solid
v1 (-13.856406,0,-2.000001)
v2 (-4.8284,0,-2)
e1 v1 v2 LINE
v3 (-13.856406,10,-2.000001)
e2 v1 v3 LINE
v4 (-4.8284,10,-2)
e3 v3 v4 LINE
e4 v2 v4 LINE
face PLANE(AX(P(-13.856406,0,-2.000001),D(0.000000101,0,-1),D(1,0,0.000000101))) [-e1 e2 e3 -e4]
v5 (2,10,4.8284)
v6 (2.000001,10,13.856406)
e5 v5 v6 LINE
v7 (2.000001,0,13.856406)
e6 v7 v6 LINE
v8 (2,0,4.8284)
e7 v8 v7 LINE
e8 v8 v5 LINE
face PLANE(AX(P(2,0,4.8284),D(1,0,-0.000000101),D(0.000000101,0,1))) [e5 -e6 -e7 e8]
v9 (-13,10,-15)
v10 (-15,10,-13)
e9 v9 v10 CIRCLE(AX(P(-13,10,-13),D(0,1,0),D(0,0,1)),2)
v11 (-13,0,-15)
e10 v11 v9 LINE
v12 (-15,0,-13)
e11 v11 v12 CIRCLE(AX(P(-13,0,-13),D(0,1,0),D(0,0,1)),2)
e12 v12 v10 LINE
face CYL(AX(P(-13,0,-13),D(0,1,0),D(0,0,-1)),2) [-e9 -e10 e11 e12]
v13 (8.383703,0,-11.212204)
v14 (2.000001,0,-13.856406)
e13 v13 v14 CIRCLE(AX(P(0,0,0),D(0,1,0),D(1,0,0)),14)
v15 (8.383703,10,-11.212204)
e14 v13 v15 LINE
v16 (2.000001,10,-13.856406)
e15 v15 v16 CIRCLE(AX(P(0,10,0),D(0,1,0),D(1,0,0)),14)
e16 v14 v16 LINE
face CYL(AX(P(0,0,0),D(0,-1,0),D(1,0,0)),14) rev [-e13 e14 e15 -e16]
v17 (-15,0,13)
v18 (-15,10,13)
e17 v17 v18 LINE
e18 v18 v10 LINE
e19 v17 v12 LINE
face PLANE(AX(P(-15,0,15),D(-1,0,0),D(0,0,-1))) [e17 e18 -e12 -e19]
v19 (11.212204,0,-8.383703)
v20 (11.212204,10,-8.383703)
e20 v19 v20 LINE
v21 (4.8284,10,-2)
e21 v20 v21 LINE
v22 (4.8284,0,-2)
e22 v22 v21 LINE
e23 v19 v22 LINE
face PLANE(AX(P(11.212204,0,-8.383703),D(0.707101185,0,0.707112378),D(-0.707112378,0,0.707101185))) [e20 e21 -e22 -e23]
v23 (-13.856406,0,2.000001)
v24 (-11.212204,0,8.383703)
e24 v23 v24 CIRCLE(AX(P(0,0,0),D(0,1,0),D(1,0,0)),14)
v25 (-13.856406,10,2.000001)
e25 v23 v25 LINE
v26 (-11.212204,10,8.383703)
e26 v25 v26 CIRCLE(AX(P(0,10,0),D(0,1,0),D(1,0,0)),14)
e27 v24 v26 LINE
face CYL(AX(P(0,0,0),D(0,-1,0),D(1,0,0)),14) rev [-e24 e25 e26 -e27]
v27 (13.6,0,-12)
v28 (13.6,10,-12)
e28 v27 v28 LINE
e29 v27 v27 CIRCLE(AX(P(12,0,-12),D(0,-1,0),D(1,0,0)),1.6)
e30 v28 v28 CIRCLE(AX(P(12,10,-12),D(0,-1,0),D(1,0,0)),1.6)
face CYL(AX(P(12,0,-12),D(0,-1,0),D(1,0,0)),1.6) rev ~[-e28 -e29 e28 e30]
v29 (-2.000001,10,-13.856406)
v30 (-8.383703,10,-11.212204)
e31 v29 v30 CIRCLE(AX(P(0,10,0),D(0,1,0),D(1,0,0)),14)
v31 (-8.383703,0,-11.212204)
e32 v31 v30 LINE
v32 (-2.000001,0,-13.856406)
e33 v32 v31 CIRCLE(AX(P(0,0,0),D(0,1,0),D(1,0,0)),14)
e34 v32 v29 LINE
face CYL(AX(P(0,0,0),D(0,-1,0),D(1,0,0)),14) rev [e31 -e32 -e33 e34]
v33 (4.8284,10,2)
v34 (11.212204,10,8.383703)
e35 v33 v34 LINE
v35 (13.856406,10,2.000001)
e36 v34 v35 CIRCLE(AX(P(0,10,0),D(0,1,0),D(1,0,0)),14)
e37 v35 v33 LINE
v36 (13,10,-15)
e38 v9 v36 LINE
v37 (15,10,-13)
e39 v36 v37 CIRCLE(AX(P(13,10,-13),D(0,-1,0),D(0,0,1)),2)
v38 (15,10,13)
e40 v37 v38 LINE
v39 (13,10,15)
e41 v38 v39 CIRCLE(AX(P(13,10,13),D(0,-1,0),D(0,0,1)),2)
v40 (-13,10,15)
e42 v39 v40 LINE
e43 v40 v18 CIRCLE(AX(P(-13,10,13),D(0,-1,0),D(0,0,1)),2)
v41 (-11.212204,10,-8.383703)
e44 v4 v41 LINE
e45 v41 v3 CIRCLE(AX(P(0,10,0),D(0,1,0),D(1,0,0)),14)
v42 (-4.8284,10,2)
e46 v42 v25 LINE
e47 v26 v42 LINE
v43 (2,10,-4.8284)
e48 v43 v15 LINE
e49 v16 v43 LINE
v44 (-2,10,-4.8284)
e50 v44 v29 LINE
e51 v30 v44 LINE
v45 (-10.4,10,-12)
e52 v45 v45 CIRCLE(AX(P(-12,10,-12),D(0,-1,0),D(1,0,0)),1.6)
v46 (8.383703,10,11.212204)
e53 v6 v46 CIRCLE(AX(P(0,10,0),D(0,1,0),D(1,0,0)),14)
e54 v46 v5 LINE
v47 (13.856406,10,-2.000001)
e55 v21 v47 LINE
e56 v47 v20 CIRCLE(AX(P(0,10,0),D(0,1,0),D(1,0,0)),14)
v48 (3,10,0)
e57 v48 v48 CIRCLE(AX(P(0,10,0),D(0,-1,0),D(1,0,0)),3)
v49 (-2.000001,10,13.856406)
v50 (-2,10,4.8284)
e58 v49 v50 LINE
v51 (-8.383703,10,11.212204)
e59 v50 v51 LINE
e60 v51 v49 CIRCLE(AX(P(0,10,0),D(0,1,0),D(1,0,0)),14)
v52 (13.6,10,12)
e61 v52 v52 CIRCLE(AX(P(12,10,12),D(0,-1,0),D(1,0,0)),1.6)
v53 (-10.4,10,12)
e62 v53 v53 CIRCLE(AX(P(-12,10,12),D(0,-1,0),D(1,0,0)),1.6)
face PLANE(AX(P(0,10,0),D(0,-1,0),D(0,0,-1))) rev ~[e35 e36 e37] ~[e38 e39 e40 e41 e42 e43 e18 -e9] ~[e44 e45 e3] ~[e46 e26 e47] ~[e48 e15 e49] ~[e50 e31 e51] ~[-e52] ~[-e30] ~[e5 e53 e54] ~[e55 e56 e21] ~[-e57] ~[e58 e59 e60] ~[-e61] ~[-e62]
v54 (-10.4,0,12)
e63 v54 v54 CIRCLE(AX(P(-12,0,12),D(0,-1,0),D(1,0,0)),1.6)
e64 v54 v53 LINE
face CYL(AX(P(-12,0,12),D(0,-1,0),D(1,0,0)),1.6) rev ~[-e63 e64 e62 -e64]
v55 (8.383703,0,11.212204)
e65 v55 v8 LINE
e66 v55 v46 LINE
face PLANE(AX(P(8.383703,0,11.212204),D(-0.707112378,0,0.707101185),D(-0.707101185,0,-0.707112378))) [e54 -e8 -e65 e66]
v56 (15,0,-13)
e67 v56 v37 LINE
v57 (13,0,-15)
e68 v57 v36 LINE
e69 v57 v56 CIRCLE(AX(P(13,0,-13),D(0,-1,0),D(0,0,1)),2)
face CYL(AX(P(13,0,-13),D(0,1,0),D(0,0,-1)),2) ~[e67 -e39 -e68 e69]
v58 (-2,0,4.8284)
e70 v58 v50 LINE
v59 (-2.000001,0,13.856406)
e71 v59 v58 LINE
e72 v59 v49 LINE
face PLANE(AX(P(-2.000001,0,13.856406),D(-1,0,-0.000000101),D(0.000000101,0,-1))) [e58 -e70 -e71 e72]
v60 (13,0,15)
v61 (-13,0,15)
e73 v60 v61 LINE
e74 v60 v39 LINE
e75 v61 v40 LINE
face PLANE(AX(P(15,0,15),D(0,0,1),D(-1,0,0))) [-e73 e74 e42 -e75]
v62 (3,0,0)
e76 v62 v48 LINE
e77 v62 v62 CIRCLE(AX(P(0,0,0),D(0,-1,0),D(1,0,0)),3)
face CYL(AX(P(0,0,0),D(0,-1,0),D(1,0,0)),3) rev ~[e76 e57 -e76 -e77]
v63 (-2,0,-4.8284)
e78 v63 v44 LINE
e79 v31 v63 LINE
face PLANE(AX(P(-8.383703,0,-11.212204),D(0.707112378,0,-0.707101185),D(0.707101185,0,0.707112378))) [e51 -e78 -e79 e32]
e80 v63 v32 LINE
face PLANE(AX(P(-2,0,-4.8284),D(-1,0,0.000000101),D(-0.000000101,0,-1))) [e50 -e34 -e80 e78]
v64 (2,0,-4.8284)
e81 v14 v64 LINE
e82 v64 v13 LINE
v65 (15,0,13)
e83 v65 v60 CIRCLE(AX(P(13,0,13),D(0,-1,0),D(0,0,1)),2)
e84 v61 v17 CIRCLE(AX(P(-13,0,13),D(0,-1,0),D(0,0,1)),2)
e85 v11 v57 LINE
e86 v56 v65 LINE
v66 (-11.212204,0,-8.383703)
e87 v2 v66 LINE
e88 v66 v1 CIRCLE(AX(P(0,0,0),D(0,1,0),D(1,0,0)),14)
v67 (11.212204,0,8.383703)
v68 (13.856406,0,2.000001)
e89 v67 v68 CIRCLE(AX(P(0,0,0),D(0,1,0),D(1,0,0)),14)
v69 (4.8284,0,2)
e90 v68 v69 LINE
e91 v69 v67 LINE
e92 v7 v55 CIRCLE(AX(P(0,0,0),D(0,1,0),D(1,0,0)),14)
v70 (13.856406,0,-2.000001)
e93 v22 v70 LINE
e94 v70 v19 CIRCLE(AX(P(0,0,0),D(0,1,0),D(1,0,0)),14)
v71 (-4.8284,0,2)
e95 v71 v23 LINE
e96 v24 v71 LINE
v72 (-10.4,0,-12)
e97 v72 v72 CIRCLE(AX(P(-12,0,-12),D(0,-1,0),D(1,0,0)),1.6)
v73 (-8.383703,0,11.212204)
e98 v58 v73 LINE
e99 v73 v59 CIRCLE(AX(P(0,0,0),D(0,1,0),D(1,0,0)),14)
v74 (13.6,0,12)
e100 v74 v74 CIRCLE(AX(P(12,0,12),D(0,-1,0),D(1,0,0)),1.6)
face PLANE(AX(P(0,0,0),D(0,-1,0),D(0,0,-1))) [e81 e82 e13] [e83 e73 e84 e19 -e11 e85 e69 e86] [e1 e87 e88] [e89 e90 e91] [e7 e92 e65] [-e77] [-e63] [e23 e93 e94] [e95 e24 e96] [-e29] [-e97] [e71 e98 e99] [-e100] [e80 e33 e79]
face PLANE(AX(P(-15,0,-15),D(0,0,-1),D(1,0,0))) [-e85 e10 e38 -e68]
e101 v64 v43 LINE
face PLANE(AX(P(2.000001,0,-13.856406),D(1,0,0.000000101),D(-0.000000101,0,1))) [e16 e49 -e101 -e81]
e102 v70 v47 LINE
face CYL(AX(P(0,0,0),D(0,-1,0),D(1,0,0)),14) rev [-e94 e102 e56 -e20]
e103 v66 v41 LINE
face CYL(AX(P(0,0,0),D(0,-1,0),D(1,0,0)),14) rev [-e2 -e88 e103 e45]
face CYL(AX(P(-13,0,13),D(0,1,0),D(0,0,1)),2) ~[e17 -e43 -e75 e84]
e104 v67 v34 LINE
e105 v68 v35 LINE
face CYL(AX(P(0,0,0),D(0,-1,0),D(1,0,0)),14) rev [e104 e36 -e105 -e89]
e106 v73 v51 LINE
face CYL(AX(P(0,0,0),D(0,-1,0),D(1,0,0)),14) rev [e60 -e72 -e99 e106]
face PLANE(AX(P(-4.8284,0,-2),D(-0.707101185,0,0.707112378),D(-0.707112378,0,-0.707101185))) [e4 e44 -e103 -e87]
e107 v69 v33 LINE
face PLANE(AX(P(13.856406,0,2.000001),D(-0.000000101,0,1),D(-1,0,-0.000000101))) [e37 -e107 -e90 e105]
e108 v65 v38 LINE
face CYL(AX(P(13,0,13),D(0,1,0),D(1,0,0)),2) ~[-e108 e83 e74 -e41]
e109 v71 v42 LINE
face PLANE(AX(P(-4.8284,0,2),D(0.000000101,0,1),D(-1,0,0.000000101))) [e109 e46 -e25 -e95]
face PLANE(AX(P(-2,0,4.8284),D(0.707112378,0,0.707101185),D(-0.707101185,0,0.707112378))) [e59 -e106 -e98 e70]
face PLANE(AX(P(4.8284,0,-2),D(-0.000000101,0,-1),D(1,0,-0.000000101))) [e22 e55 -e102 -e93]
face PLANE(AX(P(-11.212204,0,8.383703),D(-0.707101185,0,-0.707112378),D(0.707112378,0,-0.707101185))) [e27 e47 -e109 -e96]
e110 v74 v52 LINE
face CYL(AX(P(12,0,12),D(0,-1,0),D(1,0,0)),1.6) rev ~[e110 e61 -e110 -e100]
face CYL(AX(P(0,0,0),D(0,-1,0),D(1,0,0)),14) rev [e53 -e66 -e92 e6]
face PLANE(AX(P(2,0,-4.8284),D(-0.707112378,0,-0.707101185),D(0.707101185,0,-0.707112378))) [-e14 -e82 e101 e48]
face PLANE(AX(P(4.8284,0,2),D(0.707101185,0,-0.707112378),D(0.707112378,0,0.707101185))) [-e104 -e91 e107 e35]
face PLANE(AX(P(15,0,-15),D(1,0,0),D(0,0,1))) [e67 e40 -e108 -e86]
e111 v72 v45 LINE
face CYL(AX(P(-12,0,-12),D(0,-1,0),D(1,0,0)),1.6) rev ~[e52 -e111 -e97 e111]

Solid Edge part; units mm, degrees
sketch "Sketch1" plane through (0, 0, 0) normal (0, -1, 0) x (1, 0, 0)
  line L0 (-15, -15) -> (15, -15)
  line L1 (15, -15) -> (15, 15)
  line L2 (15, 15) -> (-15, 15)
  line L3 (-15, 15) -> (-15, -15)
  circle A0 centre (-12, 12) radius 1.6
  circle A1 centre (12, 12) radius 1.6
  circle A2 centre (-12, -12) radius 1.6
  circle A3 centre (12, -12) radius 1.6
  line L4 (2, -13.8564) -> (2, -4.8284)
  line L5 (2, -4.8284) -> (8.3837, -11.2122)
  arc A4 (8.3837, -11.2122) -> (2, -13.8564) centre (0, 0) cw
  line L6 (-2, -4.8284) -> (-2, -13.8564)
  arc A5 (-2, -13.8564) -> (-8.3837, -11.2122) centre (0, 0) cw
  line L7 (-8.3837, -11.2122) -> (-2, -4.8284)
  line L8 (-13.8564, -2) -> (-4.8284, -2)
  line L9 (-4.8284, -2) -> (-11.2122, -8.3837)
  arc A6 (-11.2122, -8.3837) -> (-13.8564, -2) centre (0, 0) cw
  line L10 (13.8564, 2) -> (4.8284, 2)
  line L11 (4.8284, 2) -> (11.2122, 8.3837)
  arc A7 (11.2122, 8.3837) -> (13.8564, 2) centre (0, 0) cw
  line L12 (11.2122, -8.3837) -> (4.8284, -2)
  line L13 (4.8284, -2) -> (13.8564, -2)
  arc A8 (13.8564, -2) -> (11.2122, -8.3837) centre (0, 0) cw
  line L14 (-11.2122, 8.3837) -> (-4.8284, 2)
  line L15 (-4.8284, 2) -> (-13.8564, 2)
  arc A9 (-13.8564, 2) -> (-11.2122, 8.3837) centre (0, 0) cw
  arc A10 (2, 13.8564) -> (8.3837, 11.2122) centre (0, 0) cw
  line L16 (8.3837, 11.2122) -> (2, 4.8284)
  line L17 (2, 4.8284) -> (2, 13.8564)
  arc A11 (-8.3837, 11.2122) -> (-2, 13.8564) centre (0, 0) cw
  line L18 (-2, 13.8564) -> (-2, 4.8284)
  line L19 (-2, 4.8284) -> (-8.3837, 11.2122)
  circle A12 centre (0, 0) radius 3
extrude "Protrusion1" add sketch "Sketch1" against normal blind 10
fillet "Round_1" radius 2 4 edges at (-15, 5, 15) (15, 5, 15) (-15, 5, -15) (15, 5, -15)
